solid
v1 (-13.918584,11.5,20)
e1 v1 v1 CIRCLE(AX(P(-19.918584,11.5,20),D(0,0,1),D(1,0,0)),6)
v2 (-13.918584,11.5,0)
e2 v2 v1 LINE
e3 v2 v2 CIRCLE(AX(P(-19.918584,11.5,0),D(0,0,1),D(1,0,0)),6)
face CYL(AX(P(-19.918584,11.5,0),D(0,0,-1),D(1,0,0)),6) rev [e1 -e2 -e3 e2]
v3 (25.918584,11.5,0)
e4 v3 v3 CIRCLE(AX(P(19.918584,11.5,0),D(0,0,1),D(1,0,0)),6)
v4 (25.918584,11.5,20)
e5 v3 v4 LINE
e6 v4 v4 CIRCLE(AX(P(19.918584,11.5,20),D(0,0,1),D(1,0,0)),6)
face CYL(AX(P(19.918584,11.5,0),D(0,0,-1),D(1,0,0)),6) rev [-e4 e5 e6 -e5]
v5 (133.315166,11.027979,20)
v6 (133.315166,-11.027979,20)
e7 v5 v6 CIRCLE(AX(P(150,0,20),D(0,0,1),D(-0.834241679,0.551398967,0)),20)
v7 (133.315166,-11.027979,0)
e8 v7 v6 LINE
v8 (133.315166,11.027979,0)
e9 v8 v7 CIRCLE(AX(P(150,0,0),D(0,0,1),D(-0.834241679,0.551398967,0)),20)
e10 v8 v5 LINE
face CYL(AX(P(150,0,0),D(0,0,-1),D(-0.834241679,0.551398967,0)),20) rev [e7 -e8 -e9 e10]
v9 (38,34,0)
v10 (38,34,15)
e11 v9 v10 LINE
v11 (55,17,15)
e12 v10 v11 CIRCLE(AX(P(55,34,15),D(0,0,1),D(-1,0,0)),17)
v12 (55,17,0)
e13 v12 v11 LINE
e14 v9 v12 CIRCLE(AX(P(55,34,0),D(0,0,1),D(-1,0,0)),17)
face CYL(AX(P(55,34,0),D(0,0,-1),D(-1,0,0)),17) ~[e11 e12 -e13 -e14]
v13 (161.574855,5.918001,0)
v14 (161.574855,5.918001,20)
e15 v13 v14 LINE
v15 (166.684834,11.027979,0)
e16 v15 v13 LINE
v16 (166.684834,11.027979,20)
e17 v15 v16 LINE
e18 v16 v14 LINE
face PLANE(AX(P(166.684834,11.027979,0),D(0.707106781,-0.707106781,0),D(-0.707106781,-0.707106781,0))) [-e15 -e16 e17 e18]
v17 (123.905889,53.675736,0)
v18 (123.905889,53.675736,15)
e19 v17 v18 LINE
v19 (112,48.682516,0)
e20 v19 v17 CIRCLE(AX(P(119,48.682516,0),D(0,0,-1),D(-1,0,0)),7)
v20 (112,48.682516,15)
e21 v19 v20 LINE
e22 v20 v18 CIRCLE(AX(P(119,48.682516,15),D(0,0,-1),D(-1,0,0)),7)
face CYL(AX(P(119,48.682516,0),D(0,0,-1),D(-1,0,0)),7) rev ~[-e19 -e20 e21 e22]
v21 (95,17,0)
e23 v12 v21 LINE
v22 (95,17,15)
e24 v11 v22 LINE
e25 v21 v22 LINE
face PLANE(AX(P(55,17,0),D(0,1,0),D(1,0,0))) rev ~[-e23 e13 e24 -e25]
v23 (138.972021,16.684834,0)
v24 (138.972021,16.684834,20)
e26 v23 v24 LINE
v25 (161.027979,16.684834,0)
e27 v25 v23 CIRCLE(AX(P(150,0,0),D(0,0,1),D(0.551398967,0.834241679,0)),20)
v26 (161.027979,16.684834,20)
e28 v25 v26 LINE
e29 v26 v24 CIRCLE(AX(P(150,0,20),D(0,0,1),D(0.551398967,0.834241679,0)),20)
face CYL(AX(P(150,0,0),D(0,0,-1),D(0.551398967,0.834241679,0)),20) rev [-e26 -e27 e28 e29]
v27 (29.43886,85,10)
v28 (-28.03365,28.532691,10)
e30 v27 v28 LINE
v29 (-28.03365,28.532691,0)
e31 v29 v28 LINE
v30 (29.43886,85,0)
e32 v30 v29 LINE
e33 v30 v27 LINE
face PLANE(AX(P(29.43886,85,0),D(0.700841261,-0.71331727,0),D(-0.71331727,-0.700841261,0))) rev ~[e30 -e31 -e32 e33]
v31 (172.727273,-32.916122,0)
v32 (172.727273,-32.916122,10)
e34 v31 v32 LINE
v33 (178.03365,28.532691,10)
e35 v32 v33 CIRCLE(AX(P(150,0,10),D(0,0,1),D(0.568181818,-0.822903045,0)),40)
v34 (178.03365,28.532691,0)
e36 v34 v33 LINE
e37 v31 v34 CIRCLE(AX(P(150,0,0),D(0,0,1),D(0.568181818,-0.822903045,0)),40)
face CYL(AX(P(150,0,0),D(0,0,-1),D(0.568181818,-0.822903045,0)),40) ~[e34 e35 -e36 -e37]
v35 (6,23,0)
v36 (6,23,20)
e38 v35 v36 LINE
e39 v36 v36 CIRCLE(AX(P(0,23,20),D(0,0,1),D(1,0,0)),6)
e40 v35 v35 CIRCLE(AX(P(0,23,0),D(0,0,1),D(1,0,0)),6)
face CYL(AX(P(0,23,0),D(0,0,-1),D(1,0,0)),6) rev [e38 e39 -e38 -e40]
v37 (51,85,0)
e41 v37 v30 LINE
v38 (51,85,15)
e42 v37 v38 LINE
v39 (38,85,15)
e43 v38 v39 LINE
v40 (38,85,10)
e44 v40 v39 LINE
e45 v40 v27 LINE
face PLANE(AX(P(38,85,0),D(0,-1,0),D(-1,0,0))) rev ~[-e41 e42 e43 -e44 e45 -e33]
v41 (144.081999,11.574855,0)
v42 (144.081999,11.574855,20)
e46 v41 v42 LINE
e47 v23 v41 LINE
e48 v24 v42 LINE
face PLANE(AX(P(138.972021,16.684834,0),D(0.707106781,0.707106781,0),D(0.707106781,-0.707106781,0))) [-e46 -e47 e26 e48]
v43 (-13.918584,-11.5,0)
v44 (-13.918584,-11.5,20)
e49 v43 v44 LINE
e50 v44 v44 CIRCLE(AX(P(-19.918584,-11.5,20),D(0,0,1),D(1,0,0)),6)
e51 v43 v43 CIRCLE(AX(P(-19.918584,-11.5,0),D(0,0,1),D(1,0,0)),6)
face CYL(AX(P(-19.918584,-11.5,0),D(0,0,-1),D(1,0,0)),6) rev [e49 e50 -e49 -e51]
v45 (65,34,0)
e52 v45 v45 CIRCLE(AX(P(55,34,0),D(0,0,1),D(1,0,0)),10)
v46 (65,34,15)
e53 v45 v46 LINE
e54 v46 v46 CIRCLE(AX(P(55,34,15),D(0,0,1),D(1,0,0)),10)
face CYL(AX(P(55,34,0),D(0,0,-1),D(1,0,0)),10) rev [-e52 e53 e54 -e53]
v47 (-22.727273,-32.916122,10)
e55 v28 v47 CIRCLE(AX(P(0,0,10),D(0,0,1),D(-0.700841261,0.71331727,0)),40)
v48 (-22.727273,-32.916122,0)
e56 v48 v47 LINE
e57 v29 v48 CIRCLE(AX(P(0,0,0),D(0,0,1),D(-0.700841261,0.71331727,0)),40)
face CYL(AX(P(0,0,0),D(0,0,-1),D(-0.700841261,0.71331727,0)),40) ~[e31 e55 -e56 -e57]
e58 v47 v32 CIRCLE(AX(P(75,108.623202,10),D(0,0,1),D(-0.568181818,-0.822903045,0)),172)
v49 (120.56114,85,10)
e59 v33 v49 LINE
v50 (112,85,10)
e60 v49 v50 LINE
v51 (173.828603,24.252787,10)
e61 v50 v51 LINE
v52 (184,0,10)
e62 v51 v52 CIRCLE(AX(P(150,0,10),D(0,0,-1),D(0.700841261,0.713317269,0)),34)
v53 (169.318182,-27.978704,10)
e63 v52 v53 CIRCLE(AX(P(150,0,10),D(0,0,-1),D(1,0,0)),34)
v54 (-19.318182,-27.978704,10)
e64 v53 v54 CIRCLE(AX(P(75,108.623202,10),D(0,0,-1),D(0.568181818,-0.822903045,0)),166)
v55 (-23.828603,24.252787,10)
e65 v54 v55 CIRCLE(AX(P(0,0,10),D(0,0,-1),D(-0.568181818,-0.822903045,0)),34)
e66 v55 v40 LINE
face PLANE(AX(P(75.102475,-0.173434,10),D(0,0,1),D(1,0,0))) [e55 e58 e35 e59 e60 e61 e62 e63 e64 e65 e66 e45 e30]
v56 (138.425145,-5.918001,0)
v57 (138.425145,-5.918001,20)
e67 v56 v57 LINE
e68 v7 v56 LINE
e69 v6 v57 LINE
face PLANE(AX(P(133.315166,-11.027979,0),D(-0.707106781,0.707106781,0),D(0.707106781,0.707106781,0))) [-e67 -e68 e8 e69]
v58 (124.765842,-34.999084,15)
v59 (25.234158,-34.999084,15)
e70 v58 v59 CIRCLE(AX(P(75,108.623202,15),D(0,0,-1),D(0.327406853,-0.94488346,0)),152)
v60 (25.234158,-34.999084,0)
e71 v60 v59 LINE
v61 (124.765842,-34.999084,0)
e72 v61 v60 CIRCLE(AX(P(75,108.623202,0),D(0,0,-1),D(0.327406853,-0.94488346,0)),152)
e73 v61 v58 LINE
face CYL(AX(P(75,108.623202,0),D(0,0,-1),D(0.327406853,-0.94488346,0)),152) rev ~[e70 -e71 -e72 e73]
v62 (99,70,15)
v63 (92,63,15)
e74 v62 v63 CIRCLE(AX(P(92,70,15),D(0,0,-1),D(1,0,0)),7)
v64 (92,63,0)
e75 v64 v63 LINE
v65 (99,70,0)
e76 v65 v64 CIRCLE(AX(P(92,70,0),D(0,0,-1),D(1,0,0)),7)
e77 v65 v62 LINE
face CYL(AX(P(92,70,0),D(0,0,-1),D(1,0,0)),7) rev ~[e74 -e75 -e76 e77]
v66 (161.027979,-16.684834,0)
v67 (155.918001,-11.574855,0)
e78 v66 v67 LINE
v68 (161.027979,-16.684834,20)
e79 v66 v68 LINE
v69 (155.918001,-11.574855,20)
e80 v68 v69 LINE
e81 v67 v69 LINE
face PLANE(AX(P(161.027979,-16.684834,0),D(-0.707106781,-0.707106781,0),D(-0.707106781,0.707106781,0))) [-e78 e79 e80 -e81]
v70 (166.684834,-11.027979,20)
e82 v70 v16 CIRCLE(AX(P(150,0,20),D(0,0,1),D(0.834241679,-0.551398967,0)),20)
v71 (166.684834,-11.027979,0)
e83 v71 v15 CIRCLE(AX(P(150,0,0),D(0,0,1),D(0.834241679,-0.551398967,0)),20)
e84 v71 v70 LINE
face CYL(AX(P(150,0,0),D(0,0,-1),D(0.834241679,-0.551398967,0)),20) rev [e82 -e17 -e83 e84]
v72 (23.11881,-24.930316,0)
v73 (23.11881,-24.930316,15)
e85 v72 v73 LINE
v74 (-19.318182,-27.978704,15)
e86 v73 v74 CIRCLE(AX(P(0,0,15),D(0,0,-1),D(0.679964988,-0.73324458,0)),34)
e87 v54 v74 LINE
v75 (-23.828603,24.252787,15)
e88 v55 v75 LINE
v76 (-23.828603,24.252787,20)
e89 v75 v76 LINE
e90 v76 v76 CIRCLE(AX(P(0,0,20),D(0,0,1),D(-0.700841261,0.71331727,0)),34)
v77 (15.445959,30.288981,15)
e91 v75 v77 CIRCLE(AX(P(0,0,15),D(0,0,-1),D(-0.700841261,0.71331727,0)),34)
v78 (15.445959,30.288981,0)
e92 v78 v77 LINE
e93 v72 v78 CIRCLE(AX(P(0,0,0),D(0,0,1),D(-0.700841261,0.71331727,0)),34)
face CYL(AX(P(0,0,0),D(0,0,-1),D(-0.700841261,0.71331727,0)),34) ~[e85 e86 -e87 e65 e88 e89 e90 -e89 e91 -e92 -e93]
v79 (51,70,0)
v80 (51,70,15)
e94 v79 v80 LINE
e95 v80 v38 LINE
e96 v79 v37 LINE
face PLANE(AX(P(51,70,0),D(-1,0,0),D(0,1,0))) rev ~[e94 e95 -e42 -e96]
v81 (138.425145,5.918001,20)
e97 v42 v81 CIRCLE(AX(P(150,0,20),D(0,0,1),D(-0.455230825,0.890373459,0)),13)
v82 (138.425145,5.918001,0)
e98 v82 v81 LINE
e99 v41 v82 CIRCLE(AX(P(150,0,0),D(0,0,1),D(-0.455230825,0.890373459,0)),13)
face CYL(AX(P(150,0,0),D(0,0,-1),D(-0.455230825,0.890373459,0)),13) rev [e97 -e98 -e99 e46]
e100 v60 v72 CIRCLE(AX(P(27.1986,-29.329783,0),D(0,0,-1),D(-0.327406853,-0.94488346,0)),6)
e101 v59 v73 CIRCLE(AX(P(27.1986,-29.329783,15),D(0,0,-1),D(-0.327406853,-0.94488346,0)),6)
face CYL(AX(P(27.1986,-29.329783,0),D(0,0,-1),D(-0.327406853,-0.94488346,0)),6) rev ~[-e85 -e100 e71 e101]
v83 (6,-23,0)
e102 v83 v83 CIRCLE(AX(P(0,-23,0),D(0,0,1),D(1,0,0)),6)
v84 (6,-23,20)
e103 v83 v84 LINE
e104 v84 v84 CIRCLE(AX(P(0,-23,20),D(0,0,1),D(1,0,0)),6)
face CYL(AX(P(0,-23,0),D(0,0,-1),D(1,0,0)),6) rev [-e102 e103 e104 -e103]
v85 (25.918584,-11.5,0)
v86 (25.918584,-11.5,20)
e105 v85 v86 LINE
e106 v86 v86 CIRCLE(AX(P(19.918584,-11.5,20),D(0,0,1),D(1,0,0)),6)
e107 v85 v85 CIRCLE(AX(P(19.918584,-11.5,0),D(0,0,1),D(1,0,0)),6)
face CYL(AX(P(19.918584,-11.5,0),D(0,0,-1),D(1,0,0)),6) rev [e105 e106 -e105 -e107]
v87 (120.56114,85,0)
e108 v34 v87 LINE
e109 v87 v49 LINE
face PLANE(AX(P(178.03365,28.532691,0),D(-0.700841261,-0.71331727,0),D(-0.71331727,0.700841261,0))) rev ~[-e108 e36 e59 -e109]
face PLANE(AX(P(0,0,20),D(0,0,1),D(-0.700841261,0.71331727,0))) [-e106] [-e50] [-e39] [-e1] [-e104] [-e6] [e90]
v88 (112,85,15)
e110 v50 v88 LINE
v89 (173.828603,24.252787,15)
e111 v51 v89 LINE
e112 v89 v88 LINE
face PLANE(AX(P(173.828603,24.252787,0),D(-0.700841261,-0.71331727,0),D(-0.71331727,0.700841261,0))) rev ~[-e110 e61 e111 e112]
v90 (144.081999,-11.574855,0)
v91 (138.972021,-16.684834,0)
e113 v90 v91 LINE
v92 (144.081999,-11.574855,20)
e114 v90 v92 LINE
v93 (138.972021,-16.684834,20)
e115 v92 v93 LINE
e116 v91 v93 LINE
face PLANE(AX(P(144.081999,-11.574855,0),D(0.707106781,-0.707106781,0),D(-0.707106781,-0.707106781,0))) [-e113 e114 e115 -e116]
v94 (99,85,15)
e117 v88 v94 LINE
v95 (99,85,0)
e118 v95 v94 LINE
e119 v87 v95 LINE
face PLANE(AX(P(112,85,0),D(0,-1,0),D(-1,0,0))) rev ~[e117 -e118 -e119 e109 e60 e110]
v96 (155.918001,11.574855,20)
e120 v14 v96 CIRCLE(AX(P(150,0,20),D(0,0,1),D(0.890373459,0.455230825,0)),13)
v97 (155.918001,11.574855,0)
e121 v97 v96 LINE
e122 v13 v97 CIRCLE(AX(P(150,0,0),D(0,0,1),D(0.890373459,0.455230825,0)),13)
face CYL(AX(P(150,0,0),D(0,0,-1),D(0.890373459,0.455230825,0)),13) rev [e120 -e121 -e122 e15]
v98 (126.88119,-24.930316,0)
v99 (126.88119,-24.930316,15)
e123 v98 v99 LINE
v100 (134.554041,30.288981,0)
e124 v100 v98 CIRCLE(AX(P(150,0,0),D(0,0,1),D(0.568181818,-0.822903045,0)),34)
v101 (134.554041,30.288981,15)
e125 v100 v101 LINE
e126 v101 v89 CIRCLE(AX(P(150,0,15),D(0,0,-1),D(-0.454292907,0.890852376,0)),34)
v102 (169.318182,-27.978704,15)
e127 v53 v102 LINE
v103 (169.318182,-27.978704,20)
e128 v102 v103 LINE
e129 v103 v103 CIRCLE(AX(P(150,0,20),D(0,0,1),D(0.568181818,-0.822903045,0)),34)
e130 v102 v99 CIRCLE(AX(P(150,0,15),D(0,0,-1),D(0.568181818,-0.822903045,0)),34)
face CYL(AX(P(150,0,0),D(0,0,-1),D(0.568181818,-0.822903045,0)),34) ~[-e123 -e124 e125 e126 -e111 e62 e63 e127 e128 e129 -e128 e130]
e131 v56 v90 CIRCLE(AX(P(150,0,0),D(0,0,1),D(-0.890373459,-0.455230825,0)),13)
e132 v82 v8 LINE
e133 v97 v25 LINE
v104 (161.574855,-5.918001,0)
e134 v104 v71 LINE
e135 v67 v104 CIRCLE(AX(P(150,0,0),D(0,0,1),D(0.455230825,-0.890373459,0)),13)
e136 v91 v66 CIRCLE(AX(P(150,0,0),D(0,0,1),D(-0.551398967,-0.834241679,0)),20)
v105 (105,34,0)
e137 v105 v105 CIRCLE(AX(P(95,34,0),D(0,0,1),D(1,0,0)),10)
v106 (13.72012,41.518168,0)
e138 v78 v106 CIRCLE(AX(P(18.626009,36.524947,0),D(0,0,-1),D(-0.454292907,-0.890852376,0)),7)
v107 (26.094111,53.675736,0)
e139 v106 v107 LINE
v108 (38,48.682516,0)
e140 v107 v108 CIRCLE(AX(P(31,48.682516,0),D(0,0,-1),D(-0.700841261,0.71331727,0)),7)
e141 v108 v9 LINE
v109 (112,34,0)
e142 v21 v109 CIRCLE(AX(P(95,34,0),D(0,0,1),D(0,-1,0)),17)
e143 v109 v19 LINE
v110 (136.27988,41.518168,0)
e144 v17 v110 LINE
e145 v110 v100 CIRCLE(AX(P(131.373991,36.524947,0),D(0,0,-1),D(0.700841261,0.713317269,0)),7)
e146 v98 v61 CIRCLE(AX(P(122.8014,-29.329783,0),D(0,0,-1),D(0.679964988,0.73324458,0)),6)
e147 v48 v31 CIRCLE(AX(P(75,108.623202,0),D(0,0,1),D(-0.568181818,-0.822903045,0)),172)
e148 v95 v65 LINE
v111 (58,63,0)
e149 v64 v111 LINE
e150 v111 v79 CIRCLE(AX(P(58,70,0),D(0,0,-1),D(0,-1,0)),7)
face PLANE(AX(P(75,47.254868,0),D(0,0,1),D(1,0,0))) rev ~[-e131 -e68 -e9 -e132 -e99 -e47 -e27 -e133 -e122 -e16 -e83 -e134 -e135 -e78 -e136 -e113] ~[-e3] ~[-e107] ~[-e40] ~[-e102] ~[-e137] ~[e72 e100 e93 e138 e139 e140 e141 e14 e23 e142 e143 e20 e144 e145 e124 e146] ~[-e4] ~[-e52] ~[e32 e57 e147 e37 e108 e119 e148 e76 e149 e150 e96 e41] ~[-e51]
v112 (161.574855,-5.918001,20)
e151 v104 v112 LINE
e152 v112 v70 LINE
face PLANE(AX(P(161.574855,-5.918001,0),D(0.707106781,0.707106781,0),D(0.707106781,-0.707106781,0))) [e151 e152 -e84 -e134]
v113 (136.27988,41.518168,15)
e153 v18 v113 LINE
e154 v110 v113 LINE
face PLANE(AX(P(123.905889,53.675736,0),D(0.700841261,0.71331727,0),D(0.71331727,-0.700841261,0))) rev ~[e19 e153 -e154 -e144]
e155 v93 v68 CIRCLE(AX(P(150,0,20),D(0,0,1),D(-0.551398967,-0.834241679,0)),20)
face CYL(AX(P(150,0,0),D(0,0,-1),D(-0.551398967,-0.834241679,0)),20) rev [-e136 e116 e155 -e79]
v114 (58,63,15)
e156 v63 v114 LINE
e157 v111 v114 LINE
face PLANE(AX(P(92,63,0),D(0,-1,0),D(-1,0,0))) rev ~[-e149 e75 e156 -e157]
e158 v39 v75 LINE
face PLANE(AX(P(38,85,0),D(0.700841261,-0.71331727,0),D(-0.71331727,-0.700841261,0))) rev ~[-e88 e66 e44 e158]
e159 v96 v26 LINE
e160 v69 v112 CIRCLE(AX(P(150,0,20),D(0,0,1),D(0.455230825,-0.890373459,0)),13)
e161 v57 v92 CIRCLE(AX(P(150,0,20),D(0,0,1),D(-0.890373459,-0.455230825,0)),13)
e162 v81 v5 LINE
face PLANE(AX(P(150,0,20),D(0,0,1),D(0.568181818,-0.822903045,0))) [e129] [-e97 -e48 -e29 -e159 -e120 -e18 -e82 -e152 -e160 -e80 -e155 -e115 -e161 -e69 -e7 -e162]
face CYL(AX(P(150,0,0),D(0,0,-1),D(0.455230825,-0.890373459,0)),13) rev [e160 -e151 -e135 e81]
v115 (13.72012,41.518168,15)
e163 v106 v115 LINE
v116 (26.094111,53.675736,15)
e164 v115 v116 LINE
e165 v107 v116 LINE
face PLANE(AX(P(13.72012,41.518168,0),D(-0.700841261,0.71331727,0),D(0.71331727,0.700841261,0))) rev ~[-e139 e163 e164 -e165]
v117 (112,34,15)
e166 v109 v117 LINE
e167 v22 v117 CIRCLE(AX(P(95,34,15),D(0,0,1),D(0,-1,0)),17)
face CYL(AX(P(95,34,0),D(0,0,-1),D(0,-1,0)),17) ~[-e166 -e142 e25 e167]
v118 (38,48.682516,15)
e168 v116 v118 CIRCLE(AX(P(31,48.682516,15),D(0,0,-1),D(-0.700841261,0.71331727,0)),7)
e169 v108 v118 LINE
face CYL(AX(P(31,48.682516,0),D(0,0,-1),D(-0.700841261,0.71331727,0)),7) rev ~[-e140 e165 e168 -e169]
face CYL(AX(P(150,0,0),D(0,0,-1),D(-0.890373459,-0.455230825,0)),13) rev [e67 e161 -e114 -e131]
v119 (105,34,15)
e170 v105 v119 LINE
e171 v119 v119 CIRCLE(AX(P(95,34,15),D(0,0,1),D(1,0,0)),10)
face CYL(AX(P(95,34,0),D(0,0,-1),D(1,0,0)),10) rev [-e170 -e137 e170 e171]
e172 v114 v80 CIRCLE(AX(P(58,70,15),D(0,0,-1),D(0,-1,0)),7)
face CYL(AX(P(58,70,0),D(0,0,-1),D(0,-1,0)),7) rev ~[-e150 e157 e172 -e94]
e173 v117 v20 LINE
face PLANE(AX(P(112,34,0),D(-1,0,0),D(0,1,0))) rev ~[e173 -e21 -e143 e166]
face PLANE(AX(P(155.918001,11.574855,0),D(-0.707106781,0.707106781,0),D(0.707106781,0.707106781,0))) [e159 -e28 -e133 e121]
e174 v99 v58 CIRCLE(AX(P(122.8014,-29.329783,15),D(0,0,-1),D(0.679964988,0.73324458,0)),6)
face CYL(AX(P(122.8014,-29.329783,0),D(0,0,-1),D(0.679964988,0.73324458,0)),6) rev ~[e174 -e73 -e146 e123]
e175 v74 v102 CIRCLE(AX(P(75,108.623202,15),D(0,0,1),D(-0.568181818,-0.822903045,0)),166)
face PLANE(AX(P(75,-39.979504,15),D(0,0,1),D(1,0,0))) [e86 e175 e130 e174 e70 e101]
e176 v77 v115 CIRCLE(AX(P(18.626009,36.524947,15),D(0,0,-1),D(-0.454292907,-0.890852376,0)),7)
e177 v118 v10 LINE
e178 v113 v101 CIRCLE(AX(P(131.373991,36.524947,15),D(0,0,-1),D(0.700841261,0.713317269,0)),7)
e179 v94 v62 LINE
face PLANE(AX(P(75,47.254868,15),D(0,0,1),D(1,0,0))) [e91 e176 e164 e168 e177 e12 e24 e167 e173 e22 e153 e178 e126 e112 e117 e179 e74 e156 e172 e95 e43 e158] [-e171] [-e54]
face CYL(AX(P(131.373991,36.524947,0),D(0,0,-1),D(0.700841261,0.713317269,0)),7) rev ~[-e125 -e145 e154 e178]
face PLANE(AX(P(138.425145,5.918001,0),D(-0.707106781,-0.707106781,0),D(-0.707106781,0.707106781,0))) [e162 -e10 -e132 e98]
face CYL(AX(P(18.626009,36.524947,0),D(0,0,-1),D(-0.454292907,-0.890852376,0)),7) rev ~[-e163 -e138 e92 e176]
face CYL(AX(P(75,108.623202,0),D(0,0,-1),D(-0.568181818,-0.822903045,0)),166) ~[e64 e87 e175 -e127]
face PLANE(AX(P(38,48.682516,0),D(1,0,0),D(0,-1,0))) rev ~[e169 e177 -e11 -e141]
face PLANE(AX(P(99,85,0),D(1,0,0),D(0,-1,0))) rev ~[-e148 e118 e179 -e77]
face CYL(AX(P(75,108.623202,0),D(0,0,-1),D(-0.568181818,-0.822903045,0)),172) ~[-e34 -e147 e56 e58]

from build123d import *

# Parameters (mm, degrees)
EXTRUDE_1_DEPTH = 10
SKETCH_1_3_R    = 34
SKETCH_1_3_R_2  = 6
EXTRUDE_2_DEPTH = 20
SKETCH_1_4_R    = 10
EXTRUDE_3_DEPTH = 15


with BuildPart() as part:
    # Эскиз1 → Бобышка-Вытянуть1 (new body)
    with BuildSketch(Plane.XY):
        with BuildLine():
            Line((120.561139783, 85), (112, 85))
            Line((112, 85), (173.82860287, 24.252787165))
            ThreePointArc((173.82860287, 24.252787165), (181.354206237, 13.149667342), (184, 0))
            ThreePointArc((184, 0), (180.106628687, -15.798446414), (169.318181818, -27.97870353))
            ThreePointArc((169.318181818, -27.97870353), (75, -57.376798059), (-19.318181818, -27.97870353))
            ThreePointArc((-19.318181818, -27.97870353), (-33.873934113, -2.92516456), (-23.82860287, 24.252787165))
            Line((-23.82860287, 24.252787165), (38, 85))
            Line((38, 85), (29.438860217, 85))
            Line((29.438860217, 85), (-28.033650435, 28.532690783))
            ThreePointArc((-28.033650435, 28.532690783), (-39.851687192, -3.441370071), (-22.727272727, -32.9161218))
            ThreePointArc((-22.727272727, -32.9161218), (75, -63.376798059), (172.727272727, -32.9161218))
            ThreePointArc((172.727272727, -32.9161218), (189.851687192, -3.441370071), (178.033650435, 28.532690783))
            Line((178.033650435, 28.532690783), (120.561139783, 85))
        make_face()
    extrude(amount=EXTRUDE_1_DEPTH)

    # Эскиз1<3> → Бобышка-Вытянуть2 (add)
    # profile 1 of 2: a face of its own
    with BuildSketch(Plane.XY):
        with Locations((150, 0)):
            Circle(SKETCH_1_3_R)
        with BuildLine():
            ThreePointArc((133.315166415, -11.027979336), (130, 0), (133.315166415, 11.027979336))
            Line((133.315166415, 11.027979336), (138.425145033, 5.918000718))
            ThreePointArc((138.425145033, 5.918000718), (140.807611845, 9.192388155), (144.081999282, 11.574854967))
            Line((144.081999282, 11.574854967), (138.972020664, 16.684833585))
            ThreePointArc((138.972020664, 16.684833585), (150, 20), (161.027979336, 16.684833585))
            Line((161.027979336, 16.684833585), (155.918000718, 11.574854967))
            ThreePointArc((155.918000718, 11.574854967), (159.192388155, 9.192388155), (161.574854967, 5.918000718))
            Line((161.574854967, 5.918000718), (166.684833585, 11.027979336))
            ThreePointArc((166.684833585, 11.027979336), (170, 0), (166.684833585, -11.027979336))
            Line((166.684833585, -11.027979336), (161.574854967, -5.918000718))
            ThreePointArc((161.574854967, -5.918000718), (159.192388155, -9.192388155), (155.918000718, -11.574854967))
            Line((155.918000718, -11.574854967), (161.027979336, -16.684833585))
            ThreePointArc((161.027979336, -16.684833585), (150, -20), (138.972020664, -16.684833585))
            Line((138.972020664, -16.684833585), (144.081999282, -11.574854967))
            ThreePointArc((144.081999282, -11.574854967), (140.807611845, -9.192388155), (138.425145033, -5.918000718))
            Line((138.425145033, -5.918000718), (133.315166415, -11.027979336))
        make_face(mode=Mode.SUBTRACT)
    # profile 2 of 2: a face of its own
    with BuildSketch(Plane.XY):
        Circle(SKETCH_1_3_R)
        with Locations((-19.918584287, -11.5)):
            Circle(SKETCH_1_3_R_2, mode=Mode.SUBTRACT)
        with Locations((0, -23)):
            Circle(SKETCH_1_3_R_2, mode=Mode.SUBTRACT)
        with Locations((19.918584287, -11.5)):
            Circle(SKETCH_1_3_R_2, mode=Mode.SUBTRACT)
        with Locations((-19.918584287, 11.5)):
            Circle(SKETCH_1_3_R_2, mode=Mode.SUBTRACT)
        with Locations((0, 23)):
            Circle(SKETCH_1_3_R_2, mode=Mode.SUBTRACT)
        with Locations((19.918584287, 11.5)):
            Circle(SKETCH_1_3_R_2, mode=Mode.SUBTRACT)
    extrude(amount=EXTRUDE_2_DEPTH)

    # Эскиз1<4> → Бобышка-Вытянуть3 (add)
    # profile 1 of 2: a face of its own
    with BuildSketch(Plane.XY):
        with BuildLine():
            Line((173.82860287, 24.252787165), (112, 85))
            Line((112, 85), (99, 85))
            Line((99, 85), (99, 70))
            ThreePointArc((99, 70), (96.949747468, 65.050252532), (92, 63))
            Line((92, 63), (58, 63))
            ThreePointArc((58, 63), (53.050252532, 65.050252532), (51, 70))
            Line((51, 70), (51, 85))
            Line((51, 85), (38, 85))
            Line((38, 85), (-23.82860287, 24.252787165))
            ThreePointArc((-23.82860287, 24.252787165), (-5.164889991, 33.605414912), (15.445958822, 30.28898077))
            ThreePointArc((15.445958822, 30.28898077), (11.707247274, 35.461587695), (13.720120341, 41.518168286))
            Line((13.720120341, 41.518168286), (26.094111174, 53.675736464))
            ThreePointArc((26.094111174, 53.675736464), (33.707284453, 55.137793332), (38, 48.682515577))
            Line((38, 48.682515577), (38, 34))
            ThreePointArc((38, 34), (42.97918472, 21.97918472), (55, 17))
            Line((55, 17), (95, 17))
            ThreePointArc((95, 17), (107.02081528, 21.97918472), (112, 34))
            Line((112, 34), (112, 48.682515577))
            ThreePointArc((112, 48.682515577), (116.292715547, 55.137793332), (123.905888826, 53.675736464))
            Line((123.905888826, 53.675736464), (136.279879659, 41.518168286))
            ThreePointArc((136.279879659, 41.518168286), (138.292752726, 35.461587695), (134.554041178, 30.28898077))
            ThreePointArc((134.554041178, 30.28898077), (155.164889991, 33.605414912), (173.82860287, 24.252787165))
        make_face()
        with Locations((55, 34)):
            Circle(SKETCH_1_4_R, mode=Mode.SUBTRACT)
        with Locations((95, 34)):
            Circle(SKETCH_1_4_R, mode=Mode.SUBTRACT)
    # profile 2 of 2: a face of its own
    with BuildSketch(Plane.XY):
        with BuildLine():
            ThreePointArc((-19.318181818, -27.97870353), (75, -57.376798059), (169.318181818, -27.97870353))
            ThreePointArc((169.318181818, -27.97870353), (147.563945827, -33.912617712), (126.881190396, -24.930315732))
            ThreePointArc((126.881190396, -24.930315732), (128.673214982, -30.563393481), (124.765841582, -34.999083974))
            ThreePointArc((124.765841582, -34.999083974), (75, -43.376798059), (25.234158418, -34.999083974))
            ThreePointArc((25.234158418, -34.999083974), (21.326785018, -30.563393481), (23.118809604, -24.930315732))
            ThreePointArc((23.118809604, -24.930315732), (2.436054173, -33.912617712), (-19.318181818, -27.97870353))
        make_face()
    extrude(amount=EXTRUDE_3_DEPTH)


solid = part.part
